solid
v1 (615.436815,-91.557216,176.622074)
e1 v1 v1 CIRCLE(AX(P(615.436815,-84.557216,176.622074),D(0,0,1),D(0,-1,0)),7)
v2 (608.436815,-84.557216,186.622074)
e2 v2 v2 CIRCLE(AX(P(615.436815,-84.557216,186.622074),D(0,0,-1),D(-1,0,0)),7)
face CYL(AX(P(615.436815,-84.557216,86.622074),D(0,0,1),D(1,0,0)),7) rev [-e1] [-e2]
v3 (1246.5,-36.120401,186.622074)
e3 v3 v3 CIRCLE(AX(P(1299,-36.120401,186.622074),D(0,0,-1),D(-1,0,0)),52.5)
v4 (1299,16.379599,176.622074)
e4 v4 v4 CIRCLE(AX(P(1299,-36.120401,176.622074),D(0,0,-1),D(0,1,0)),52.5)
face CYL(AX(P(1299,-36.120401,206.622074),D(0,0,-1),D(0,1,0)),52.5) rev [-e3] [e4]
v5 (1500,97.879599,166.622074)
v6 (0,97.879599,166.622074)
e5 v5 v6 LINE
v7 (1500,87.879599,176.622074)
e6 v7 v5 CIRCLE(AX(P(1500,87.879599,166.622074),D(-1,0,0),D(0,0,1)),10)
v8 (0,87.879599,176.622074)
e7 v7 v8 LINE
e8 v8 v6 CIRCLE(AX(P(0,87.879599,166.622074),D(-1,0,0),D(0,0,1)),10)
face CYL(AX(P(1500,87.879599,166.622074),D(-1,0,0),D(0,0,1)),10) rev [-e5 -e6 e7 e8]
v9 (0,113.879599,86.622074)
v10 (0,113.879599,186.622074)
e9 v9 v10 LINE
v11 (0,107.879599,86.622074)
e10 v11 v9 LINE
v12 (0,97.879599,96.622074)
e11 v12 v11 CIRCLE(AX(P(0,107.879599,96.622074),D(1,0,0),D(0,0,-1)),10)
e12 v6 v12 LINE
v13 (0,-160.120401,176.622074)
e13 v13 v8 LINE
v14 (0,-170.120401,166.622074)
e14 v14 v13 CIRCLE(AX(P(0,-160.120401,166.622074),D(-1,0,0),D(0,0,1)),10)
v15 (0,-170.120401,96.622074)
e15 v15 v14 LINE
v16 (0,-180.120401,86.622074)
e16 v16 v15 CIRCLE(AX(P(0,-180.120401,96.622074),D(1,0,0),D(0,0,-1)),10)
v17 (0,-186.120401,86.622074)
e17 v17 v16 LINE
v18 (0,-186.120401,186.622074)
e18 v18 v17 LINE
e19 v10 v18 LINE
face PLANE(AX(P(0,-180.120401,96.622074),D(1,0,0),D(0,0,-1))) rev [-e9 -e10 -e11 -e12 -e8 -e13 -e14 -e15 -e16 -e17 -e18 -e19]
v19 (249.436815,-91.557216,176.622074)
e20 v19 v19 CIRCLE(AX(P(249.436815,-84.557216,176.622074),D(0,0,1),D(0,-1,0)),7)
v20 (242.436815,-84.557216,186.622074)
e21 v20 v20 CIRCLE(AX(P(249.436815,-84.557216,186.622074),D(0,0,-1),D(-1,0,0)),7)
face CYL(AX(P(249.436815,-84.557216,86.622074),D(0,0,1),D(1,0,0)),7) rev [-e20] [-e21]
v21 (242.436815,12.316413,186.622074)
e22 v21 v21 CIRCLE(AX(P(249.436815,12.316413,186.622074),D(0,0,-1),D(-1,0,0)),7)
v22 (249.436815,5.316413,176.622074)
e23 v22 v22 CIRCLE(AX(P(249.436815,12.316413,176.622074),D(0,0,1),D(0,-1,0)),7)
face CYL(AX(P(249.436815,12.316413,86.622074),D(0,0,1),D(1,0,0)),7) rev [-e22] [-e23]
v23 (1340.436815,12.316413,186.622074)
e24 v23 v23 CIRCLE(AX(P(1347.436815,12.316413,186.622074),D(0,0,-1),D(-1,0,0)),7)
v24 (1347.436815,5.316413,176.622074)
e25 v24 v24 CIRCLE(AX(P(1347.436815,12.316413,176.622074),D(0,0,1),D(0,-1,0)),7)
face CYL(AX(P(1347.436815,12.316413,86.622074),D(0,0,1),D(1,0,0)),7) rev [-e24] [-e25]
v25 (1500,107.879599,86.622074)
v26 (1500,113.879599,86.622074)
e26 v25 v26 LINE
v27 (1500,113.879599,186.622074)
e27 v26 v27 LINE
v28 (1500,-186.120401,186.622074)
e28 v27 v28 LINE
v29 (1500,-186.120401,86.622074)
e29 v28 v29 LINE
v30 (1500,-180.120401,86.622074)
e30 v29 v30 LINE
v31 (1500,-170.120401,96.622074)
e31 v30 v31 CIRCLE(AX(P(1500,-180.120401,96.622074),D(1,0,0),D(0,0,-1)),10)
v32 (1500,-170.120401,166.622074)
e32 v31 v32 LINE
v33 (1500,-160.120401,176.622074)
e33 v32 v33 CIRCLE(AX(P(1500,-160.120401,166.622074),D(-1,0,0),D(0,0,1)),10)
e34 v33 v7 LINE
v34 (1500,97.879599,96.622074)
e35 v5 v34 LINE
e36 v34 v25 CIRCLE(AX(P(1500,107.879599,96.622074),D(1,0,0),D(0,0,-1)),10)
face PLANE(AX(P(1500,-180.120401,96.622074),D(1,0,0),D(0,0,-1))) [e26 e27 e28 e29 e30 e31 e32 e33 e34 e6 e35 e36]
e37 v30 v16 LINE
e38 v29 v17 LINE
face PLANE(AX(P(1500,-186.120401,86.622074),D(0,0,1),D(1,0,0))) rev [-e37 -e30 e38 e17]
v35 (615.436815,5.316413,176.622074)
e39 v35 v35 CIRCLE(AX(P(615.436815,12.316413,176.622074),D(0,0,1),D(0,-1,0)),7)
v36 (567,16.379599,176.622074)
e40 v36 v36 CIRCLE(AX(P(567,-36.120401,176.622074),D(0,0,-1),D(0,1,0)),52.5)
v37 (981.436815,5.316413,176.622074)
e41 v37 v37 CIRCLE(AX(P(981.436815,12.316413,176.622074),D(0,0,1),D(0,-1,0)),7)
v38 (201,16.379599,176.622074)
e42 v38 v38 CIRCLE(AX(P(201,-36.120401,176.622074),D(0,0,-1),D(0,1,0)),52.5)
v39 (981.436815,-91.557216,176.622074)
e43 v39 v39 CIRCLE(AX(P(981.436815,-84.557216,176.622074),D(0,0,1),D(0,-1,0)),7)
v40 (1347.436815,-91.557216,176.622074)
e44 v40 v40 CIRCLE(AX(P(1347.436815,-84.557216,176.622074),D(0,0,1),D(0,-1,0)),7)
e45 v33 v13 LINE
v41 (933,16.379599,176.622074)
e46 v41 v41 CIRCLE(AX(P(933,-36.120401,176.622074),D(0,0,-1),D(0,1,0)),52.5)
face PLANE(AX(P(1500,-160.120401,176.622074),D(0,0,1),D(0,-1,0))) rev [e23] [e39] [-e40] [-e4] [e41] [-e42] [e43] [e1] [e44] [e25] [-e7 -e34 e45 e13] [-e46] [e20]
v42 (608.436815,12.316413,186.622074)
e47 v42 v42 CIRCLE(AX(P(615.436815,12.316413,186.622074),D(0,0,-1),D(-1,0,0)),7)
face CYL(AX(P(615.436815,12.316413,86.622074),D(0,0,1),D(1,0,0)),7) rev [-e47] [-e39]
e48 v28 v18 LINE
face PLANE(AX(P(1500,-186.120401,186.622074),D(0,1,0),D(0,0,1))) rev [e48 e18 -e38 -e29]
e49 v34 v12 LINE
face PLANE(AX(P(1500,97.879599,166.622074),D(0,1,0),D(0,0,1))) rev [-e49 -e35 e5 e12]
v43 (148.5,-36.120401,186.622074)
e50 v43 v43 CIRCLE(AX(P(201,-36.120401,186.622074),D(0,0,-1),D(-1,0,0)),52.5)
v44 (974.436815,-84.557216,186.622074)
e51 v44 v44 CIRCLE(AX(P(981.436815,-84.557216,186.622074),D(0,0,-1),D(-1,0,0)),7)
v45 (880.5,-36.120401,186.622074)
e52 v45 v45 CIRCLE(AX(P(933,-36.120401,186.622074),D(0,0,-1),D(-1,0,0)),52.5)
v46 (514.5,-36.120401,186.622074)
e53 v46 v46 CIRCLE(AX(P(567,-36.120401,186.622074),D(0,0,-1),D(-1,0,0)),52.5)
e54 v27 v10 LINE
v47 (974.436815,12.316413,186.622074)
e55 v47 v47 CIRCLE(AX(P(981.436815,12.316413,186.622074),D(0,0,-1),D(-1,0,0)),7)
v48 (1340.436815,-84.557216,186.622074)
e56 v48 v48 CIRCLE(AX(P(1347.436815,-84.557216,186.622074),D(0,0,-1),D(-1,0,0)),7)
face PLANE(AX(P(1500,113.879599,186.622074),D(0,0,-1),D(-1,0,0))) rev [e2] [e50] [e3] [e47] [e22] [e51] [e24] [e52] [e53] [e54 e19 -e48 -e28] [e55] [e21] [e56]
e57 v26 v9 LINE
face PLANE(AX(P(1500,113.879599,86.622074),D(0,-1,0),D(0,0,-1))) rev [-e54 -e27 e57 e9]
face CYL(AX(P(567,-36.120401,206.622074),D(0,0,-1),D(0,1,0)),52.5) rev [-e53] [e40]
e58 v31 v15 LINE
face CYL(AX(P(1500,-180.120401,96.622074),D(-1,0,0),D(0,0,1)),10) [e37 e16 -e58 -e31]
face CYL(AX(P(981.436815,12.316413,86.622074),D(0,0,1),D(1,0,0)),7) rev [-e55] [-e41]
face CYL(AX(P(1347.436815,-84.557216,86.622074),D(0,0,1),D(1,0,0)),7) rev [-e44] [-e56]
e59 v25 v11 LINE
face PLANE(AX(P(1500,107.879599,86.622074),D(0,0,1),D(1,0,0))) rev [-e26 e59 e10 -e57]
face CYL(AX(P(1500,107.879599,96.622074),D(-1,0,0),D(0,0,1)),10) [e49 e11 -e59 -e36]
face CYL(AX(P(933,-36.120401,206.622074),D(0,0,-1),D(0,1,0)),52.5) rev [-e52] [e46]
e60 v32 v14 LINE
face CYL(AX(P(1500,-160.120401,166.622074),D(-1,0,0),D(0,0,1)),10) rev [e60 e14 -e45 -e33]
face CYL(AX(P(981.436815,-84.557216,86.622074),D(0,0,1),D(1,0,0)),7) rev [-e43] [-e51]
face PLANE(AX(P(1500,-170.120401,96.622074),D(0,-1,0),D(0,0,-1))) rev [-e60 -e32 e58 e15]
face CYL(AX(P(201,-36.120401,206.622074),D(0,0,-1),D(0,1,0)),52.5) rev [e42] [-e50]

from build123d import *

# Parameters (mm, degrees)
BOSS_EXTRUDE1_DEPTH = 1500
SKETCH5_R           = 52.5
CUT_EXTRUDE3_DEPTH  = 30
LPATTERN2_COUNT     = 4
LPATTERN2_PITCH     = 366
SKETCH6_R           = 7
CUT_EXTRUDE4_DEPTH  = 1515.807183702
LPATTERN3_COUNT     = 4
LPATTERN3_PITCH     = 366


with BuildPart() as part:
    # Sketch1 → Boss-Extrude1 (new body)
    with BuildSketch(Plane(origin=(0, 0, 0), x_dir=(0, 0, -1), z_dir=(1, 0, 0))):
        with BuildLine():
            Line((-86.622073579, 113.879598662), (-186.622073579, 113.879598662))
            Line((-186.622073579, 113.879598662), (-186.622073579, -186.120401338))
            Line((-186.622073579, -186.120401338), (-86.622073579, -186.120401338))
            Line((-86.622073579, -186.120401338), (-86.622073579, -180.120401338))
            ThreePointArc((-86.622073579, -180.120401338), (-89.551005767, -173.049333526), (-96.622073579, -170.120401338))
            Line((-96.622073579, -170.120401338), (-166.622073579, -170.120401338))
            ThreePointArc((-166.622073579, -170.120401338), (-173.69314139, -167.19146915), (-176.622073579, -160.120401338))
            Line((-176.622073579, -160.120401338), (-176.622073579, 87.879598662))
            ThreePointArc((-176.622073579, 87.879598662), (-173.69314139, 94.950666474), (-166.622073579, 97.879598662))
            Line((-166.622073579, 97.879598662), (-96.622073579, 97.879598662))
            ThreePointArc((-96.622073579, 97.879598662), (-89.551005767, 100.80853085), (-86.622073579, 107.879598662))
            Line((-86.622073579, 107.879598662), (-86.622073579, 113.879598662))
        make_face()
    extrude(amount=BOSS_EXTRUDE1_DEPTH)

    # Sketch5 → Cut-Extrude3 (cut)
    with BuildSketch(Plane(origin=(0, 0, 176.622073579), x_dir=(-1, 0, 0), z_dir=(0, 0, -1))):
        with Locations(Location((-1299, -36.120401338, 0), (0, 0, 90))):
            Circle(SKETCH5_R)
    cut_extrude3 = extrude(amount=-CUT_EXTRUDE3_DEPTH, mode=Mode.SUBTRACT)

    # LPattern2: Cut-Extrude3 ×4
    with Locations(*[(-i * LPATTERN2_PITCH, 0, 0) for i in range(1, LPATTERN2_COUNT)]):
        add(cut_extrude3, mode=Mode.SUBTRACT)

    # Sketch6 → Cut-Extrude4 (cut, symmetric)
    with BuildSketch(Plane.XY.offset(186.622073579)):
        with Locations(Location((1347.436814511, 12.316413173, 0), (0, 0, 270))):
            Circle(SKETCH6_R)
        with Locations(Location((1347.436814511, -84.557215849, 0), (0, 0, 270))):
            Circle(SKETCH6_R)
    cut_extrude4 = extrude(amount=CUT_EXTRUDE4_DEPTH, both=True, mode=Mode.SUBTRACT)

    # LPattern3: Cut-Extrude4 ×4
    with Locations(*[(-i * LPATTERN3_PITCH, 0, 0) for i in range(1, LPATTERN3_COUNT)]):
        add(cut_extrude4, mode=Mode.SUBTRACT)


solid = part.part
